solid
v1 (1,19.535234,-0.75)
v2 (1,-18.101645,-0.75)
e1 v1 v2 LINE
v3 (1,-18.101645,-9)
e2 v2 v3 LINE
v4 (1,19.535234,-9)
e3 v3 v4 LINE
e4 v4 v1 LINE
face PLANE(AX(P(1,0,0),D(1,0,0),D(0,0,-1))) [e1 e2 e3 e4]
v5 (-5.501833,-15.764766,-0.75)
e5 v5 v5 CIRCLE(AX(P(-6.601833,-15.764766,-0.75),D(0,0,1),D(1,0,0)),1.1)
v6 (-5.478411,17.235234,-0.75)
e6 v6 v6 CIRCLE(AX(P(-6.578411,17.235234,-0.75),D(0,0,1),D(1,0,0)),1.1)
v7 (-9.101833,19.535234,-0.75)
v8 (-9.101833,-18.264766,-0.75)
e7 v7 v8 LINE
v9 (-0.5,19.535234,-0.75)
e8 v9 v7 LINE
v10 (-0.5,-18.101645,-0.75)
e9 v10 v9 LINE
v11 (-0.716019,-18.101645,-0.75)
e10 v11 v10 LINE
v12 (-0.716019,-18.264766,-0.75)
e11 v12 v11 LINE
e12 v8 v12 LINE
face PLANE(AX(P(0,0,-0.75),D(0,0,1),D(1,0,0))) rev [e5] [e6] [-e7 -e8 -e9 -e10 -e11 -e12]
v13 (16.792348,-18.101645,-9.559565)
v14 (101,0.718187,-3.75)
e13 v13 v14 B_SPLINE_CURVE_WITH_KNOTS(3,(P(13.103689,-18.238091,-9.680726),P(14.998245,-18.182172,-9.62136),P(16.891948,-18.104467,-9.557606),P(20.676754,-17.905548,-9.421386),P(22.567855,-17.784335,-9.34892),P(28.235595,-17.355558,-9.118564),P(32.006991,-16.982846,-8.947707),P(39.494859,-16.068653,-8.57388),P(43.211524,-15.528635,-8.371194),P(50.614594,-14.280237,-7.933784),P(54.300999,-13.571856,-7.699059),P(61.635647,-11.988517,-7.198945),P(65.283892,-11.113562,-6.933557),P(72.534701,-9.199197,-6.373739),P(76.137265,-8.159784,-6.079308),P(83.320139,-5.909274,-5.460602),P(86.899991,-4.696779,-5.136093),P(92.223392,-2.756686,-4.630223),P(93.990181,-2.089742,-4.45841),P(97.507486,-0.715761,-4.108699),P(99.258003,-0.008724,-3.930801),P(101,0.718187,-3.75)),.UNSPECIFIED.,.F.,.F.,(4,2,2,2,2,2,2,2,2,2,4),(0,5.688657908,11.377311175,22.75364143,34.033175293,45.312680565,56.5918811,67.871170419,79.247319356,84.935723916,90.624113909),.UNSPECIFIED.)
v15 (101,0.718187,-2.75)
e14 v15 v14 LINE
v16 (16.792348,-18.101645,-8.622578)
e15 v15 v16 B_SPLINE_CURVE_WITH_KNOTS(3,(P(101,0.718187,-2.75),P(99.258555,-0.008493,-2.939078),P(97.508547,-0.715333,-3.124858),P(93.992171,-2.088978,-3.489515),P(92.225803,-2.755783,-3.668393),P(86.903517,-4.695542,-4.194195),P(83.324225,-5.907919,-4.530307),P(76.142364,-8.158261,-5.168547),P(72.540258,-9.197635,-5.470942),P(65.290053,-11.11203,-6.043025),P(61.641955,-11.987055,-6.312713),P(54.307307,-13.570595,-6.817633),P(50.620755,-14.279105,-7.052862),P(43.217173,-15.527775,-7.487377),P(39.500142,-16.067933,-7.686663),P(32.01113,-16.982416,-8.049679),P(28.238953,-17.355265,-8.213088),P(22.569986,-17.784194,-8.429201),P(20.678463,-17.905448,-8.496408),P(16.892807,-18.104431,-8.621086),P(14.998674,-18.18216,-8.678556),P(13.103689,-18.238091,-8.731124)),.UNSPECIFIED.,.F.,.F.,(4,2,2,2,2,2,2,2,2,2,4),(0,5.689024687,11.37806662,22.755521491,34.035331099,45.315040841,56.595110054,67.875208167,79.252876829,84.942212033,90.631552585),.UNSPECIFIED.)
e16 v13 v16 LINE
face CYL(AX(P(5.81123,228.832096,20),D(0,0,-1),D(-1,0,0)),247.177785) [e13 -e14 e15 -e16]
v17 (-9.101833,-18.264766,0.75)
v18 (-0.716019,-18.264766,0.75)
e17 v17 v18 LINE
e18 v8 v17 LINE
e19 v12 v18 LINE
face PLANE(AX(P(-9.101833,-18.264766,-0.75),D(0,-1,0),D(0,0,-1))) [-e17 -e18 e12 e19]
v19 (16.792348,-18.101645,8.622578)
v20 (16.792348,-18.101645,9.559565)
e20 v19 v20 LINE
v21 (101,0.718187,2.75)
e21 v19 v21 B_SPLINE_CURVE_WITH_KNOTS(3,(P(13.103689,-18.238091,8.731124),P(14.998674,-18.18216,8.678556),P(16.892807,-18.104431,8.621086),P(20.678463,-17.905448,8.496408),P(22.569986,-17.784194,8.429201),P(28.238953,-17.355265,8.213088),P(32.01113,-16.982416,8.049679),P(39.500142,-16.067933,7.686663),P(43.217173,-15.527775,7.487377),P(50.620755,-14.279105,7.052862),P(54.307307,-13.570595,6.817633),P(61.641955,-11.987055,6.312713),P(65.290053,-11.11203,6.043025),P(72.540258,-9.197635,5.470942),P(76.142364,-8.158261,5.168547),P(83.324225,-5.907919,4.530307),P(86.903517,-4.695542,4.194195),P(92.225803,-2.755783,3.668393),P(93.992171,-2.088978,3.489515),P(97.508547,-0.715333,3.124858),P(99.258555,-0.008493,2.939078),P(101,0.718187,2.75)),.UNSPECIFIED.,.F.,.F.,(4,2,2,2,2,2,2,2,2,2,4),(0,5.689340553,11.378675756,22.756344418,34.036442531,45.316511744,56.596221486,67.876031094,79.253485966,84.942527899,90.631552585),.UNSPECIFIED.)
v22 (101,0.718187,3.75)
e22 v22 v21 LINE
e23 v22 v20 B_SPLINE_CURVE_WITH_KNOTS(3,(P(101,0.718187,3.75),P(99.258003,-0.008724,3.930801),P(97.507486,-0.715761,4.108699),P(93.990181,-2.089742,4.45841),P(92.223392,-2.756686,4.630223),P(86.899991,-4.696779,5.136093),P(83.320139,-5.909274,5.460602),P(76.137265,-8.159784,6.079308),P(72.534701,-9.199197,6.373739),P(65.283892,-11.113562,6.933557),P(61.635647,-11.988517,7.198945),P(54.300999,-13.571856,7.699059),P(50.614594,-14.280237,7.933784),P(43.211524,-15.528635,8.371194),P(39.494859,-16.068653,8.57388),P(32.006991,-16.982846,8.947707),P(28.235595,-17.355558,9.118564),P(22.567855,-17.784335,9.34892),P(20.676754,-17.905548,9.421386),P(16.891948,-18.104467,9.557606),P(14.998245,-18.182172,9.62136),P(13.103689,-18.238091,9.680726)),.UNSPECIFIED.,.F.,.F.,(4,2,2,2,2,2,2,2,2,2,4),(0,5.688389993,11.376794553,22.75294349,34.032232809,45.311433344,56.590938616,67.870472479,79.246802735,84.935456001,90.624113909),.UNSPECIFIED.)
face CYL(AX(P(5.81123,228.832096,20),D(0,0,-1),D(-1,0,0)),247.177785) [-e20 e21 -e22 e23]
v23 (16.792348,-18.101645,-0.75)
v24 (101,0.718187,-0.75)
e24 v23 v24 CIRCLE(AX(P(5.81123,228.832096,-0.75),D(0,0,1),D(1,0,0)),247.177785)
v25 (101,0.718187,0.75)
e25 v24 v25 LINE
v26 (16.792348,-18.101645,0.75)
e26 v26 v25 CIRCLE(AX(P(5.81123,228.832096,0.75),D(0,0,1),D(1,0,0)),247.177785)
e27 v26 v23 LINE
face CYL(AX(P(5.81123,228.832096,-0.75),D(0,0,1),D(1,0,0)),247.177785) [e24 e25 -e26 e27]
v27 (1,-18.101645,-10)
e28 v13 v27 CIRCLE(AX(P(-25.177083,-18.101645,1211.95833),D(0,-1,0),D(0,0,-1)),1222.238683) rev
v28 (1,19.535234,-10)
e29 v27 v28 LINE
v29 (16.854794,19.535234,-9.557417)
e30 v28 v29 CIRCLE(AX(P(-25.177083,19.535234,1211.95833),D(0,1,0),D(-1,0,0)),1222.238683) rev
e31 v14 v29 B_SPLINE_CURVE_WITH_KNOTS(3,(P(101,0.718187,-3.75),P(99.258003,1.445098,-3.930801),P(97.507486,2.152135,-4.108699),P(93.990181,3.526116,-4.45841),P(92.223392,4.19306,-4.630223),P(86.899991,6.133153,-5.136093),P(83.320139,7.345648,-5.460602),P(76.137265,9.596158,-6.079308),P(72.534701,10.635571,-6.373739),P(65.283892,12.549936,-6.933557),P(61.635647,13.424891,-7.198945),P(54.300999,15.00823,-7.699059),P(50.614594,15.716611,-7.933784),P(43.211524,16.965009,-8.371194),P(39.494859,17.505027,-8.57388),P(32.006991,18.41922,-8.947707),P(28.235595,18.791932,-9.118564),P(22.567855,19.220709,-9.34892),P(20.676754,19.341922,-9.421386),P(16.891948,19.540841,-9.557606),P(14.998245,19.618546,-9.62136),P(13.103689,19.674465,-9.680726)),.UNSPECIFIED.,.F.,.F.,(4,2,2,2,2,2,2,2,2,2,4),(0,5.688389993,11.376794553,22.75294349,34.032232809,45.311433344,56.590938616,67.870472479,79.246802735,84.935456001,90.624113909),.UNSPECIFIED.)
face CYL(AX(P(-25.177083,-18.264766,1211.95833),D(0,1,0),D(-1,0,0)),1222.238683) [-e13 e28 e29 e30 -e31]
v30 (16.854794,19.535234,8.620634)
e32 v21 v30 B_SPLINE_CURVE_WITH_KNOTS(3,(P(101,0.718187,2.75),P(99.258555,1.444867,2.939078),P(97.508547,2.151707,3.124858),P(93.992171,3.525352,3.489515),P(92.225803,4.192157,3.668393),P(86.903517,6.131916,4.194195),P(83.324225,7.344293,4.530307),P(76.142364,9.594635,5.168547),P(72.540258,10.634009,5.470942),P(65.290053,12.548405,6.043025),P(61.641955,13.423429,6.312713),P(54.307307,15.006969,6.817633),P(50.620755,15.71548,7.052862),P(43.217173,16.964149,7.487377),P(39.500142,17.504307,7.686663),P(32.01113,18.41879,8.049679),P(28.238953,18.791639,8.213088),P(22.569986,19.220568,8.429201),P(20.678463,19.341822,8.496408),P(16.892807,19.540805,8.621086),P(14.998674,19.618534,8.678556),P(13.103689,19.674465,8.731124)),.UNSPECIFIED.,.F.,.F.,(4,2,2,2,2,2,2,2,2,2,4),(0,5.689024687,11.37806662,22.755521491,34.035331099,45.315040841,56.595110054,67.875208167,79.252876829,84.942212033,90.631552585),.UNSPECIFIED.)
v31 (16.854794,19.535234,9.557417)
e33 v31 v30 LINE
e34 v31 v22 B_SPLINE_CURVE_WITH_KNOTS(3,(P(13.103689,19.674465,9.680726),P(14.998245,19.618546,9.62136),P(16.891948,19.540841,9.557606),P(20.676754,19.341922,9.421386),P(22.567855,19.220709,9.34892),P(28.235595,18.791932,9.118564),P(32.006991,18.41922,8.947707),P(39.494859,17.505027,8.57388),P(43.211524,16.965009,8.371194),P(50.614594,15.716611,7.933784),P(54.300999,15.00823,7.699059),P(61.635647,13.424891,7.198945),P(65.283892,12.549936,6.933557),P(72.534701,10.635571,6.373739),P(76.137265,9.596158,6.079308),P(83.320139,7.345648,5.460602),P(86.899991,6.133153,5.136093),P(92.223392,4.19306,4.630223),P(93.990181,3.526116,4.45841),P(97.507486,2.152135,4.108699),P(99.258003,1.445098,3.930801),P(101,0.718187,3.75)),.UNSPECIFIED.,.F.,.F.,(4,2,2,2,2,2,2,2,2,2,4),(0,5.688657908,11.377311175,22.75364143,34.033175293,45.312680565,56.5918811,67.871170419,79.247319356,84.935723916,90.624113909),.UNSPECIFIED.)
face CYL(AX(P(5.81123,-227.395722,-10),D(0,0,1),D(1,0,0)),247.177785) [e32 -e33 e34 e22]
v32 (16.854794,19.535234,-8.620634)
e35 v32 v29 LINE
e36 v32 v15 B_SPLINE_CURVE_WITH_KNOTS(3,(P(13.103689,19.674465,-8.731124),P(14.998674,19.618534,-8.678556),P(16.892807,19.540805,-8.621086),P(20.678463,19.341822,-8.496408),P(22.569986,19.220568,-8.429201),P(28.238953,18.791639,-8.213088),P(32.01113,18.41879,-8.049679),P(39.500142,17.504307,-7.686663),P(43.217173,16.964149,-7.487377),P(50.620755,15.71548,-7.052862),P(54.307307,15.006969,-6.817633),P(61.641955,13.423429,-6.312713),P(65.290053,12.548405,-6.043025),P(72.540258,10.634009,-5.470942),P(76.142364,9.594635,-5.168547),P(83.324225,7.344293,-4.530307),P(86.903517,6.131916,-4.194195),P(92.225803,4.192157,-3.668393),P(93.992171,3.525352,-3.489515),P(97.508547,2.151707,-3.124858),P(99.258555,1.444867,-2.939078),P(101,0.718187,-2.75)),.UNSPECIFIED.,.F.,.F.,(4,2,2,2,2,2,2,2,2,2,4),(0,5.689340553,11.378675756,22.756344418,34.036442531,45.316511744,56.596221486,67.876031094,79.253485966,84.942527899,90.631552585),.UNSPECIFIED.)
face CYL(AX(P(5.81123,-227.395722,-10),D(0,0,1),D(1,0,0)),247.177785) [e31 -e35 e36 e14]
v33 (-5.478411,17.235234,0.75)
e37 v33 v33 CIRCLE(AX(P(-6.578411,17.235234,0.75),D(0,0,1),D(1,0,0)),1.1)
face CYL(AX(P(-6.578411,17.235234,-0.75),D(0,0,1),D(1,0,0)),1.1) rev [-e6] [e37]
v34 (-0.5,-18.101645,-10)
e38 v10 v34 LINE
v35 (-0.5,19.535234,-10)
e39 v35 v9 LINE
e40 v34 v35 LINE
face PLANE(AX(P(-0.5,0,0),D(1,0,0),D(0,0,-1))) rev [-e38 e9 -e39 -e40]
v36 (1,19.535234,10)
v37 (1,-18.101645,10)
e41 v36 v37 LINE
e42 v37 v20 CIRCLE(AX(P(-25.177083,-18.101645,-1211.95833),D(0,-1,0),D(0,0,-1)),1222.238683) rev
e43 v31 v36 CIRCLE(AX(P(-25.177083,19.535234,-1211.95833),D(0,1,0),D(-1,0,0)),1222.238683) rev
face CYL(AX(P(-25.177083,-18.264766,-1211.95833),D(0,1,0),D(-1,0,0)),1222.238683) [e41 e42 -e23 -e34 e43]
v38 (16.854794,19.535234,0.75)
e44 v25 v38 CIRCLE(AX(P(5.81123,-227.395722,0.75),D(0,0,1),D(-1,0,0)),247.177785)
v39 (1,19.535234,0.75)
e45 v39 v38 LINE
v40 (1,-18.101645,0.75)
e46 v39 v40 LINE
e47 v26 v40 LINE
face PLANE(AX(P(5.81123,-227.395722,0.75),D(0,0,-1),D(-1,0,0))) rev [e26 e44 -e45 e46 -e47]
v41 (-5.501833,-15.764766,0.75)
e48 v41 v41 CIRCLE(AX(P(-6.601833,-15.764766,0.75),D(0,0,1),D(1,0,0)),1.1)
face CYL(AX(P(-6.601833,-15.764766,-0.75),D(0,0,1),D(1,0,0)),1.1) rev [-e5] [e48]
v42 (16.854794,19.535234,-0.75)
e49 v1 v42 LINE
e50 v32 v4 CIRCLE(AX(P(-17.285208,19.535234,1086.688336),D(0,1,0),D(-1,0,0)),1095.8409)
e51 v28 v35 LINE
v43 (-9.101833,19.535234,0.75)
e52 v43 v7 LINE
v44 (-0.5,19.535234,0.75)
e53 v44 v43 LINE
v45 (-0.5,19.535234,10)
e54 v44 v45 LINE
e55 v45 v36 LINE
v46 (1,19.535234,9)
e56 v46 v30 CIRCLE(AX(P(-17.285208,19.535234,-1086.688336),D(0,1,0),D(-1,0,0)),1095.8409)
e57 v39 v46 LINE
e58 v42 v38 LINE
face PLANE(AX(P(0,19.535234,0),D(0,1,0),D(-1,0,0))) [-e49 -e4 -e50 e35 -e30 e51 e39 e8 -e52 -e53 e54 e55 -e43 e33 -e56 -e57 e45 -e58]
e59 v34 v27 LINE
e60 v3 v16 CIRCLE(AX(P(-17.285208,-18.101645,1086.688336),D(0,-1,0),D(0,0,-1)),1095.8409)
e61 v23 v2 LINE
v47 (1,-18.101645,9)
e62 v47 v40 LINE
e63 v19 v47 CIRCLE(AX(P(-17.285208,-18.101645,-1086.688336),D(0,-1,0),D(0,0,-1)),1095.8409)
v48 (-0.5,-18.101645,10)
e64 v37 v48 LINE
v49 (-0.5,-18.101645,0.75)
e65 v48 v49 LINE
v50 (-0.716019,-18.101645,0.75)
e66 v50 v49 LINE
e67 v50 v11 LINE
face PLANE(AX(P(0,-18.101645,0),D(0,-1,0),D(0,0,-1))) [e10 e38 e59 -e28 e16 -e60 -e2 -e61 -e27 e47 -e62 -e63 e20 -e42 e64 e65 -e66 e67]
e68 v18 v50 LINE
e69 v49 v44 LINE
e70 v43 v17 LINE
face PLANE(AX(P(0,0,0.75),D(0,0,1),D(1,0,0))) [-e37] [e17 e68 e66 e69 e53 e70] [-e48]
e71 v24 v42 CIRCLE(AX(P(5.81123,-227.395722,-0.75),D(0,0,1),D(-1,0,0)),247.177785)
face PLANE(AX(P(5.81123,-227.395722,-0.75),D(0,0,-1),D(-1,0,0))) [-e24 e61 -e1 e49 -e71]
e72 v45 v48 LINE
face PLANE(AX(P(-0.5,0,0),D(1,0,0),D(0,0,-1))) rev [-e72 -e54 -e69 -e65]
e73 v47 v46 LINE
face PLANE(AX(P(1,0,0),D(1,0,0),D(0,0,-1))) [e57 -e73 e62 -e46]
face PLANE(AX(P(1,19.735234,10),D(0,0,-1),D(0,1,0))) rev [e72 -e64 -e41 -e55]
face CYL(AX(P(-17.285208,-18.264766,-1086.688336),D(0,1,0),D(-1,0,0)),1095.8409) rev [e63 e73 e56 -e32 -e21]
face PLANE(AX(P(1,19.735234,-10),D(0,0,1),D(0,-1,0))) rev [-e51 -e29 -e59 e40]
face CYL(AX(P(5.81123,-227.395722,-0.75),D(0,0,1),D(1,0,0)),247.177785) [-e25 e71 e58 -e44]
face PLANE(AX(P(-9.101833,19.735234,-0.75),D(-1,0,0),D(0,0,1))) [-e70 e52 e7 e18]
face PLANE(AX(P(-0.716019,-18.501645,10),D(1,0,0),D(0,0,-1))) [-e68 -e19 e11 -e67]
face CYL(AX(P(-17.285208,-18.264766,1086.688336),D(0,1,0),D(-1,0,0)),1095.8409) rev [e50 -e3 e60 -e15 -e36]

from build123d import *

# Parameters (mm, degrees)
EXTRUDE_1_DEPTH          = 0.75
EXTRUDE_1_DEPTH_BACK     = 0.75
SKETCH_1_W               = 10
SKETCH_1_H               = 38
SKETCH_1_R               = 1.1
SKETCH_3_W               = 20
SKETCH_3_H               = 38.036879249
EXTRUDE_2_DEPTH          = 1.5
EXTRUDE_3_DEPTH          = 0.75
EXTRUDE_3_DEPTH_BACK     = 0.75
EXTRUDE_4_DEPTH          = 38
CUT_EXTRUDE_1_DEPTH      = 10
CUT_EXTRUDE_1_DEPTH_BACK = 20
CUT_EXTRUDE_4_DEPTH      = 0.2
CUT_EXTRUDE_4_DEPTH_BACK = 0.2
SKETCH_10_W              = 112.497058814
SKETCH_10_H              = 20.543414641
CUT_EXTRUDE_5_DEPTH      = 0.2
CUT_EXTRUDE_5_DEPTH_BACK = 0.2
SKETCH_11_W              = 104.514605189
SKETCH_11_H              = 21.657747512


with BuildPart() as part:
    # 草圖1 → 填料-伸長1 (new, two sides: drawn at the far end of the back side and taken through both)
    with BuildSketch(Plane.XY.offset(-EXTRUDE_1_DEPTH_BACK)):
        with Locations((-4.101832994, 0.735234216)):
            Rectangle(SKETCH_1_W, SKETCH_1_H)
        with Locations((-6.601832994, -15.764765784)):
            Circle(SKETCH_1_R, mode=Mode.SUBTRACT)
        with Locations((-6.578411405, 17.235234216)):
            Circle(SKETCH_1_R, mode=Mode.SUBTRACT)
    extrude(amount=EXTRUDE_1_DEPTH + EXTRUDE_1_DEPTH_BACK)

    # 草圖3 → 填料-伸長2 (add)
    with BuildSketch(Plane(origin=(-0.5, 0, 0), x_dir=(0, 0, -1), z_dir=(1, 0, 0))):
        with Locations((0, 0.716794592)):
            Rectangle(SKETCH_3_W, SKETCH_3_H)
    extrude(amount=EXTRUDE_2_DEPTH)

    # 草圖4 → 填料-伸長3 (add, two sides: drawn at the far end of the back side and taken through both)
    with BuildSketch(Plane.XY.offset(-EXTRUDE_3_DEPTH_BACK)):
        with BuildLine():
            Line((1, 19.735234216), (1, -18.298860138))
            ThreePointArc((1, -18.298860138), (51.989546932, -13.993809638), (101, 0.718187039))
            ThreePointArc((101, 0.718187039), (51.989546932, 15.430183716), (1, 19.735234216))
        make_face()
    extrude(amount=EXTRUDE_3_DEPTH + EXTRUDE_3_DEPTH_BACK)

    # 草圖5 → 填料-伸長4 (add)
    with BuildSketch(Plane(origin=(0, 19.735234216, 0), x_dir=(1, 0, 0), z_dir=(0, 1, 0))):
        with BuildLine():
            Line((1, -9), (1, -10))
            ThreePointArc((1, -10), (51.064071237, -7.900139791), (101, -3.75))
            Line((101, -3.75), (101, -2.75))
            ThreePointArc((101, -2.75), (51.071468752, -7.018500027), (1, -9))
        make_face()
        with BuildLine():
            Line((101, 2.75), (101, 3.75))
            ThreePointArc((101, 3.75), (51.064071237, 7.900139791), (1, 10))
            Line((1, 10), (1, 9))
            ThreePointArc((1, 9), (51.071468752, 7.018500027), (101, 2.75))
        make_face()
    extrude(amount=-EXTRUDE_4_DEPTH)

    # 草圖8 → 除料-伸長1 (cut, two sides: drawn at the far end of the back side and taken through both)
    with BuildSketch(Plane.XY.offset(10).offset(-CUT_EXTRUDE_1_DEPTH_BACK)):
        with BuildLine():
            Line((13.103688801, -18.23809131), (101, -18.264765784))
            Line((101, -18.264765784), (101, 0.718187039))
            ThreePointArc((101, 0.718187039), (57.921072507, -12.790381672), (13.103688801, -18.23809131))
        make_face()
        with BuildLine():
            ThreePointArc((13.103688801, 19.674465387), (57.921072507, 14.22675575), (101, 0.718187039))
            Line((101, 0.718187039), (101, 19.701139862))
            Line((101, 19.701139862), (13.103688801, 19.674465387))
        make_face()
    extrude(amount=CUT_EXTRUDE_1_DEPTH + CUT_EXTRUDE_1_DEPTH_BACK, mode=Mode.SUBTRACT)

    # 草圖10 → 除料-伸長4 (cut, two sides: drawn at the far end of the back side and taken through both)
    with BuildSketch(Plane(origin=(0, 19.735234216, 0), x_dir=(1, 0, 0), z_dir=(0, 1, 0)).offset(-CUT_EXTRUDE_4_DEPTH_BACK)):
        with Locations((46.49437126, 0.271707321)):
            Rectangle(SKETCH_10_W, SKETCH_10_H)
    extrude(amount=CUT_EXTRUDE_4_DEPTH + CUT_EXTRUDE_4_DEPTH_BACK, mode=Mode.SUBTRACT)

    # 草圖11 → 除料-伸長5 (cut, two sides: drawn at the far end of the back side and taken through both)
    with BuildSketch(Plane(origin=(0, -18.301645033, 0), x_dir=(-1, 0, 0), z_dir=(0, -1, 0)).offset(-CUT_EXTRUDE_5_DEPTH_BACK)):
        with Locations((-51.541283716, 0.828873756)):
            Rectangle(SKETCH_11_W, SKETCH_11_H)
    extrude(amount=CUT_EXTRUDE_5_DEPTH + CUT_EXTRUDE_5_DEPTH_BACK, mode=Mode.SUBTRACT)


solid = part.part
